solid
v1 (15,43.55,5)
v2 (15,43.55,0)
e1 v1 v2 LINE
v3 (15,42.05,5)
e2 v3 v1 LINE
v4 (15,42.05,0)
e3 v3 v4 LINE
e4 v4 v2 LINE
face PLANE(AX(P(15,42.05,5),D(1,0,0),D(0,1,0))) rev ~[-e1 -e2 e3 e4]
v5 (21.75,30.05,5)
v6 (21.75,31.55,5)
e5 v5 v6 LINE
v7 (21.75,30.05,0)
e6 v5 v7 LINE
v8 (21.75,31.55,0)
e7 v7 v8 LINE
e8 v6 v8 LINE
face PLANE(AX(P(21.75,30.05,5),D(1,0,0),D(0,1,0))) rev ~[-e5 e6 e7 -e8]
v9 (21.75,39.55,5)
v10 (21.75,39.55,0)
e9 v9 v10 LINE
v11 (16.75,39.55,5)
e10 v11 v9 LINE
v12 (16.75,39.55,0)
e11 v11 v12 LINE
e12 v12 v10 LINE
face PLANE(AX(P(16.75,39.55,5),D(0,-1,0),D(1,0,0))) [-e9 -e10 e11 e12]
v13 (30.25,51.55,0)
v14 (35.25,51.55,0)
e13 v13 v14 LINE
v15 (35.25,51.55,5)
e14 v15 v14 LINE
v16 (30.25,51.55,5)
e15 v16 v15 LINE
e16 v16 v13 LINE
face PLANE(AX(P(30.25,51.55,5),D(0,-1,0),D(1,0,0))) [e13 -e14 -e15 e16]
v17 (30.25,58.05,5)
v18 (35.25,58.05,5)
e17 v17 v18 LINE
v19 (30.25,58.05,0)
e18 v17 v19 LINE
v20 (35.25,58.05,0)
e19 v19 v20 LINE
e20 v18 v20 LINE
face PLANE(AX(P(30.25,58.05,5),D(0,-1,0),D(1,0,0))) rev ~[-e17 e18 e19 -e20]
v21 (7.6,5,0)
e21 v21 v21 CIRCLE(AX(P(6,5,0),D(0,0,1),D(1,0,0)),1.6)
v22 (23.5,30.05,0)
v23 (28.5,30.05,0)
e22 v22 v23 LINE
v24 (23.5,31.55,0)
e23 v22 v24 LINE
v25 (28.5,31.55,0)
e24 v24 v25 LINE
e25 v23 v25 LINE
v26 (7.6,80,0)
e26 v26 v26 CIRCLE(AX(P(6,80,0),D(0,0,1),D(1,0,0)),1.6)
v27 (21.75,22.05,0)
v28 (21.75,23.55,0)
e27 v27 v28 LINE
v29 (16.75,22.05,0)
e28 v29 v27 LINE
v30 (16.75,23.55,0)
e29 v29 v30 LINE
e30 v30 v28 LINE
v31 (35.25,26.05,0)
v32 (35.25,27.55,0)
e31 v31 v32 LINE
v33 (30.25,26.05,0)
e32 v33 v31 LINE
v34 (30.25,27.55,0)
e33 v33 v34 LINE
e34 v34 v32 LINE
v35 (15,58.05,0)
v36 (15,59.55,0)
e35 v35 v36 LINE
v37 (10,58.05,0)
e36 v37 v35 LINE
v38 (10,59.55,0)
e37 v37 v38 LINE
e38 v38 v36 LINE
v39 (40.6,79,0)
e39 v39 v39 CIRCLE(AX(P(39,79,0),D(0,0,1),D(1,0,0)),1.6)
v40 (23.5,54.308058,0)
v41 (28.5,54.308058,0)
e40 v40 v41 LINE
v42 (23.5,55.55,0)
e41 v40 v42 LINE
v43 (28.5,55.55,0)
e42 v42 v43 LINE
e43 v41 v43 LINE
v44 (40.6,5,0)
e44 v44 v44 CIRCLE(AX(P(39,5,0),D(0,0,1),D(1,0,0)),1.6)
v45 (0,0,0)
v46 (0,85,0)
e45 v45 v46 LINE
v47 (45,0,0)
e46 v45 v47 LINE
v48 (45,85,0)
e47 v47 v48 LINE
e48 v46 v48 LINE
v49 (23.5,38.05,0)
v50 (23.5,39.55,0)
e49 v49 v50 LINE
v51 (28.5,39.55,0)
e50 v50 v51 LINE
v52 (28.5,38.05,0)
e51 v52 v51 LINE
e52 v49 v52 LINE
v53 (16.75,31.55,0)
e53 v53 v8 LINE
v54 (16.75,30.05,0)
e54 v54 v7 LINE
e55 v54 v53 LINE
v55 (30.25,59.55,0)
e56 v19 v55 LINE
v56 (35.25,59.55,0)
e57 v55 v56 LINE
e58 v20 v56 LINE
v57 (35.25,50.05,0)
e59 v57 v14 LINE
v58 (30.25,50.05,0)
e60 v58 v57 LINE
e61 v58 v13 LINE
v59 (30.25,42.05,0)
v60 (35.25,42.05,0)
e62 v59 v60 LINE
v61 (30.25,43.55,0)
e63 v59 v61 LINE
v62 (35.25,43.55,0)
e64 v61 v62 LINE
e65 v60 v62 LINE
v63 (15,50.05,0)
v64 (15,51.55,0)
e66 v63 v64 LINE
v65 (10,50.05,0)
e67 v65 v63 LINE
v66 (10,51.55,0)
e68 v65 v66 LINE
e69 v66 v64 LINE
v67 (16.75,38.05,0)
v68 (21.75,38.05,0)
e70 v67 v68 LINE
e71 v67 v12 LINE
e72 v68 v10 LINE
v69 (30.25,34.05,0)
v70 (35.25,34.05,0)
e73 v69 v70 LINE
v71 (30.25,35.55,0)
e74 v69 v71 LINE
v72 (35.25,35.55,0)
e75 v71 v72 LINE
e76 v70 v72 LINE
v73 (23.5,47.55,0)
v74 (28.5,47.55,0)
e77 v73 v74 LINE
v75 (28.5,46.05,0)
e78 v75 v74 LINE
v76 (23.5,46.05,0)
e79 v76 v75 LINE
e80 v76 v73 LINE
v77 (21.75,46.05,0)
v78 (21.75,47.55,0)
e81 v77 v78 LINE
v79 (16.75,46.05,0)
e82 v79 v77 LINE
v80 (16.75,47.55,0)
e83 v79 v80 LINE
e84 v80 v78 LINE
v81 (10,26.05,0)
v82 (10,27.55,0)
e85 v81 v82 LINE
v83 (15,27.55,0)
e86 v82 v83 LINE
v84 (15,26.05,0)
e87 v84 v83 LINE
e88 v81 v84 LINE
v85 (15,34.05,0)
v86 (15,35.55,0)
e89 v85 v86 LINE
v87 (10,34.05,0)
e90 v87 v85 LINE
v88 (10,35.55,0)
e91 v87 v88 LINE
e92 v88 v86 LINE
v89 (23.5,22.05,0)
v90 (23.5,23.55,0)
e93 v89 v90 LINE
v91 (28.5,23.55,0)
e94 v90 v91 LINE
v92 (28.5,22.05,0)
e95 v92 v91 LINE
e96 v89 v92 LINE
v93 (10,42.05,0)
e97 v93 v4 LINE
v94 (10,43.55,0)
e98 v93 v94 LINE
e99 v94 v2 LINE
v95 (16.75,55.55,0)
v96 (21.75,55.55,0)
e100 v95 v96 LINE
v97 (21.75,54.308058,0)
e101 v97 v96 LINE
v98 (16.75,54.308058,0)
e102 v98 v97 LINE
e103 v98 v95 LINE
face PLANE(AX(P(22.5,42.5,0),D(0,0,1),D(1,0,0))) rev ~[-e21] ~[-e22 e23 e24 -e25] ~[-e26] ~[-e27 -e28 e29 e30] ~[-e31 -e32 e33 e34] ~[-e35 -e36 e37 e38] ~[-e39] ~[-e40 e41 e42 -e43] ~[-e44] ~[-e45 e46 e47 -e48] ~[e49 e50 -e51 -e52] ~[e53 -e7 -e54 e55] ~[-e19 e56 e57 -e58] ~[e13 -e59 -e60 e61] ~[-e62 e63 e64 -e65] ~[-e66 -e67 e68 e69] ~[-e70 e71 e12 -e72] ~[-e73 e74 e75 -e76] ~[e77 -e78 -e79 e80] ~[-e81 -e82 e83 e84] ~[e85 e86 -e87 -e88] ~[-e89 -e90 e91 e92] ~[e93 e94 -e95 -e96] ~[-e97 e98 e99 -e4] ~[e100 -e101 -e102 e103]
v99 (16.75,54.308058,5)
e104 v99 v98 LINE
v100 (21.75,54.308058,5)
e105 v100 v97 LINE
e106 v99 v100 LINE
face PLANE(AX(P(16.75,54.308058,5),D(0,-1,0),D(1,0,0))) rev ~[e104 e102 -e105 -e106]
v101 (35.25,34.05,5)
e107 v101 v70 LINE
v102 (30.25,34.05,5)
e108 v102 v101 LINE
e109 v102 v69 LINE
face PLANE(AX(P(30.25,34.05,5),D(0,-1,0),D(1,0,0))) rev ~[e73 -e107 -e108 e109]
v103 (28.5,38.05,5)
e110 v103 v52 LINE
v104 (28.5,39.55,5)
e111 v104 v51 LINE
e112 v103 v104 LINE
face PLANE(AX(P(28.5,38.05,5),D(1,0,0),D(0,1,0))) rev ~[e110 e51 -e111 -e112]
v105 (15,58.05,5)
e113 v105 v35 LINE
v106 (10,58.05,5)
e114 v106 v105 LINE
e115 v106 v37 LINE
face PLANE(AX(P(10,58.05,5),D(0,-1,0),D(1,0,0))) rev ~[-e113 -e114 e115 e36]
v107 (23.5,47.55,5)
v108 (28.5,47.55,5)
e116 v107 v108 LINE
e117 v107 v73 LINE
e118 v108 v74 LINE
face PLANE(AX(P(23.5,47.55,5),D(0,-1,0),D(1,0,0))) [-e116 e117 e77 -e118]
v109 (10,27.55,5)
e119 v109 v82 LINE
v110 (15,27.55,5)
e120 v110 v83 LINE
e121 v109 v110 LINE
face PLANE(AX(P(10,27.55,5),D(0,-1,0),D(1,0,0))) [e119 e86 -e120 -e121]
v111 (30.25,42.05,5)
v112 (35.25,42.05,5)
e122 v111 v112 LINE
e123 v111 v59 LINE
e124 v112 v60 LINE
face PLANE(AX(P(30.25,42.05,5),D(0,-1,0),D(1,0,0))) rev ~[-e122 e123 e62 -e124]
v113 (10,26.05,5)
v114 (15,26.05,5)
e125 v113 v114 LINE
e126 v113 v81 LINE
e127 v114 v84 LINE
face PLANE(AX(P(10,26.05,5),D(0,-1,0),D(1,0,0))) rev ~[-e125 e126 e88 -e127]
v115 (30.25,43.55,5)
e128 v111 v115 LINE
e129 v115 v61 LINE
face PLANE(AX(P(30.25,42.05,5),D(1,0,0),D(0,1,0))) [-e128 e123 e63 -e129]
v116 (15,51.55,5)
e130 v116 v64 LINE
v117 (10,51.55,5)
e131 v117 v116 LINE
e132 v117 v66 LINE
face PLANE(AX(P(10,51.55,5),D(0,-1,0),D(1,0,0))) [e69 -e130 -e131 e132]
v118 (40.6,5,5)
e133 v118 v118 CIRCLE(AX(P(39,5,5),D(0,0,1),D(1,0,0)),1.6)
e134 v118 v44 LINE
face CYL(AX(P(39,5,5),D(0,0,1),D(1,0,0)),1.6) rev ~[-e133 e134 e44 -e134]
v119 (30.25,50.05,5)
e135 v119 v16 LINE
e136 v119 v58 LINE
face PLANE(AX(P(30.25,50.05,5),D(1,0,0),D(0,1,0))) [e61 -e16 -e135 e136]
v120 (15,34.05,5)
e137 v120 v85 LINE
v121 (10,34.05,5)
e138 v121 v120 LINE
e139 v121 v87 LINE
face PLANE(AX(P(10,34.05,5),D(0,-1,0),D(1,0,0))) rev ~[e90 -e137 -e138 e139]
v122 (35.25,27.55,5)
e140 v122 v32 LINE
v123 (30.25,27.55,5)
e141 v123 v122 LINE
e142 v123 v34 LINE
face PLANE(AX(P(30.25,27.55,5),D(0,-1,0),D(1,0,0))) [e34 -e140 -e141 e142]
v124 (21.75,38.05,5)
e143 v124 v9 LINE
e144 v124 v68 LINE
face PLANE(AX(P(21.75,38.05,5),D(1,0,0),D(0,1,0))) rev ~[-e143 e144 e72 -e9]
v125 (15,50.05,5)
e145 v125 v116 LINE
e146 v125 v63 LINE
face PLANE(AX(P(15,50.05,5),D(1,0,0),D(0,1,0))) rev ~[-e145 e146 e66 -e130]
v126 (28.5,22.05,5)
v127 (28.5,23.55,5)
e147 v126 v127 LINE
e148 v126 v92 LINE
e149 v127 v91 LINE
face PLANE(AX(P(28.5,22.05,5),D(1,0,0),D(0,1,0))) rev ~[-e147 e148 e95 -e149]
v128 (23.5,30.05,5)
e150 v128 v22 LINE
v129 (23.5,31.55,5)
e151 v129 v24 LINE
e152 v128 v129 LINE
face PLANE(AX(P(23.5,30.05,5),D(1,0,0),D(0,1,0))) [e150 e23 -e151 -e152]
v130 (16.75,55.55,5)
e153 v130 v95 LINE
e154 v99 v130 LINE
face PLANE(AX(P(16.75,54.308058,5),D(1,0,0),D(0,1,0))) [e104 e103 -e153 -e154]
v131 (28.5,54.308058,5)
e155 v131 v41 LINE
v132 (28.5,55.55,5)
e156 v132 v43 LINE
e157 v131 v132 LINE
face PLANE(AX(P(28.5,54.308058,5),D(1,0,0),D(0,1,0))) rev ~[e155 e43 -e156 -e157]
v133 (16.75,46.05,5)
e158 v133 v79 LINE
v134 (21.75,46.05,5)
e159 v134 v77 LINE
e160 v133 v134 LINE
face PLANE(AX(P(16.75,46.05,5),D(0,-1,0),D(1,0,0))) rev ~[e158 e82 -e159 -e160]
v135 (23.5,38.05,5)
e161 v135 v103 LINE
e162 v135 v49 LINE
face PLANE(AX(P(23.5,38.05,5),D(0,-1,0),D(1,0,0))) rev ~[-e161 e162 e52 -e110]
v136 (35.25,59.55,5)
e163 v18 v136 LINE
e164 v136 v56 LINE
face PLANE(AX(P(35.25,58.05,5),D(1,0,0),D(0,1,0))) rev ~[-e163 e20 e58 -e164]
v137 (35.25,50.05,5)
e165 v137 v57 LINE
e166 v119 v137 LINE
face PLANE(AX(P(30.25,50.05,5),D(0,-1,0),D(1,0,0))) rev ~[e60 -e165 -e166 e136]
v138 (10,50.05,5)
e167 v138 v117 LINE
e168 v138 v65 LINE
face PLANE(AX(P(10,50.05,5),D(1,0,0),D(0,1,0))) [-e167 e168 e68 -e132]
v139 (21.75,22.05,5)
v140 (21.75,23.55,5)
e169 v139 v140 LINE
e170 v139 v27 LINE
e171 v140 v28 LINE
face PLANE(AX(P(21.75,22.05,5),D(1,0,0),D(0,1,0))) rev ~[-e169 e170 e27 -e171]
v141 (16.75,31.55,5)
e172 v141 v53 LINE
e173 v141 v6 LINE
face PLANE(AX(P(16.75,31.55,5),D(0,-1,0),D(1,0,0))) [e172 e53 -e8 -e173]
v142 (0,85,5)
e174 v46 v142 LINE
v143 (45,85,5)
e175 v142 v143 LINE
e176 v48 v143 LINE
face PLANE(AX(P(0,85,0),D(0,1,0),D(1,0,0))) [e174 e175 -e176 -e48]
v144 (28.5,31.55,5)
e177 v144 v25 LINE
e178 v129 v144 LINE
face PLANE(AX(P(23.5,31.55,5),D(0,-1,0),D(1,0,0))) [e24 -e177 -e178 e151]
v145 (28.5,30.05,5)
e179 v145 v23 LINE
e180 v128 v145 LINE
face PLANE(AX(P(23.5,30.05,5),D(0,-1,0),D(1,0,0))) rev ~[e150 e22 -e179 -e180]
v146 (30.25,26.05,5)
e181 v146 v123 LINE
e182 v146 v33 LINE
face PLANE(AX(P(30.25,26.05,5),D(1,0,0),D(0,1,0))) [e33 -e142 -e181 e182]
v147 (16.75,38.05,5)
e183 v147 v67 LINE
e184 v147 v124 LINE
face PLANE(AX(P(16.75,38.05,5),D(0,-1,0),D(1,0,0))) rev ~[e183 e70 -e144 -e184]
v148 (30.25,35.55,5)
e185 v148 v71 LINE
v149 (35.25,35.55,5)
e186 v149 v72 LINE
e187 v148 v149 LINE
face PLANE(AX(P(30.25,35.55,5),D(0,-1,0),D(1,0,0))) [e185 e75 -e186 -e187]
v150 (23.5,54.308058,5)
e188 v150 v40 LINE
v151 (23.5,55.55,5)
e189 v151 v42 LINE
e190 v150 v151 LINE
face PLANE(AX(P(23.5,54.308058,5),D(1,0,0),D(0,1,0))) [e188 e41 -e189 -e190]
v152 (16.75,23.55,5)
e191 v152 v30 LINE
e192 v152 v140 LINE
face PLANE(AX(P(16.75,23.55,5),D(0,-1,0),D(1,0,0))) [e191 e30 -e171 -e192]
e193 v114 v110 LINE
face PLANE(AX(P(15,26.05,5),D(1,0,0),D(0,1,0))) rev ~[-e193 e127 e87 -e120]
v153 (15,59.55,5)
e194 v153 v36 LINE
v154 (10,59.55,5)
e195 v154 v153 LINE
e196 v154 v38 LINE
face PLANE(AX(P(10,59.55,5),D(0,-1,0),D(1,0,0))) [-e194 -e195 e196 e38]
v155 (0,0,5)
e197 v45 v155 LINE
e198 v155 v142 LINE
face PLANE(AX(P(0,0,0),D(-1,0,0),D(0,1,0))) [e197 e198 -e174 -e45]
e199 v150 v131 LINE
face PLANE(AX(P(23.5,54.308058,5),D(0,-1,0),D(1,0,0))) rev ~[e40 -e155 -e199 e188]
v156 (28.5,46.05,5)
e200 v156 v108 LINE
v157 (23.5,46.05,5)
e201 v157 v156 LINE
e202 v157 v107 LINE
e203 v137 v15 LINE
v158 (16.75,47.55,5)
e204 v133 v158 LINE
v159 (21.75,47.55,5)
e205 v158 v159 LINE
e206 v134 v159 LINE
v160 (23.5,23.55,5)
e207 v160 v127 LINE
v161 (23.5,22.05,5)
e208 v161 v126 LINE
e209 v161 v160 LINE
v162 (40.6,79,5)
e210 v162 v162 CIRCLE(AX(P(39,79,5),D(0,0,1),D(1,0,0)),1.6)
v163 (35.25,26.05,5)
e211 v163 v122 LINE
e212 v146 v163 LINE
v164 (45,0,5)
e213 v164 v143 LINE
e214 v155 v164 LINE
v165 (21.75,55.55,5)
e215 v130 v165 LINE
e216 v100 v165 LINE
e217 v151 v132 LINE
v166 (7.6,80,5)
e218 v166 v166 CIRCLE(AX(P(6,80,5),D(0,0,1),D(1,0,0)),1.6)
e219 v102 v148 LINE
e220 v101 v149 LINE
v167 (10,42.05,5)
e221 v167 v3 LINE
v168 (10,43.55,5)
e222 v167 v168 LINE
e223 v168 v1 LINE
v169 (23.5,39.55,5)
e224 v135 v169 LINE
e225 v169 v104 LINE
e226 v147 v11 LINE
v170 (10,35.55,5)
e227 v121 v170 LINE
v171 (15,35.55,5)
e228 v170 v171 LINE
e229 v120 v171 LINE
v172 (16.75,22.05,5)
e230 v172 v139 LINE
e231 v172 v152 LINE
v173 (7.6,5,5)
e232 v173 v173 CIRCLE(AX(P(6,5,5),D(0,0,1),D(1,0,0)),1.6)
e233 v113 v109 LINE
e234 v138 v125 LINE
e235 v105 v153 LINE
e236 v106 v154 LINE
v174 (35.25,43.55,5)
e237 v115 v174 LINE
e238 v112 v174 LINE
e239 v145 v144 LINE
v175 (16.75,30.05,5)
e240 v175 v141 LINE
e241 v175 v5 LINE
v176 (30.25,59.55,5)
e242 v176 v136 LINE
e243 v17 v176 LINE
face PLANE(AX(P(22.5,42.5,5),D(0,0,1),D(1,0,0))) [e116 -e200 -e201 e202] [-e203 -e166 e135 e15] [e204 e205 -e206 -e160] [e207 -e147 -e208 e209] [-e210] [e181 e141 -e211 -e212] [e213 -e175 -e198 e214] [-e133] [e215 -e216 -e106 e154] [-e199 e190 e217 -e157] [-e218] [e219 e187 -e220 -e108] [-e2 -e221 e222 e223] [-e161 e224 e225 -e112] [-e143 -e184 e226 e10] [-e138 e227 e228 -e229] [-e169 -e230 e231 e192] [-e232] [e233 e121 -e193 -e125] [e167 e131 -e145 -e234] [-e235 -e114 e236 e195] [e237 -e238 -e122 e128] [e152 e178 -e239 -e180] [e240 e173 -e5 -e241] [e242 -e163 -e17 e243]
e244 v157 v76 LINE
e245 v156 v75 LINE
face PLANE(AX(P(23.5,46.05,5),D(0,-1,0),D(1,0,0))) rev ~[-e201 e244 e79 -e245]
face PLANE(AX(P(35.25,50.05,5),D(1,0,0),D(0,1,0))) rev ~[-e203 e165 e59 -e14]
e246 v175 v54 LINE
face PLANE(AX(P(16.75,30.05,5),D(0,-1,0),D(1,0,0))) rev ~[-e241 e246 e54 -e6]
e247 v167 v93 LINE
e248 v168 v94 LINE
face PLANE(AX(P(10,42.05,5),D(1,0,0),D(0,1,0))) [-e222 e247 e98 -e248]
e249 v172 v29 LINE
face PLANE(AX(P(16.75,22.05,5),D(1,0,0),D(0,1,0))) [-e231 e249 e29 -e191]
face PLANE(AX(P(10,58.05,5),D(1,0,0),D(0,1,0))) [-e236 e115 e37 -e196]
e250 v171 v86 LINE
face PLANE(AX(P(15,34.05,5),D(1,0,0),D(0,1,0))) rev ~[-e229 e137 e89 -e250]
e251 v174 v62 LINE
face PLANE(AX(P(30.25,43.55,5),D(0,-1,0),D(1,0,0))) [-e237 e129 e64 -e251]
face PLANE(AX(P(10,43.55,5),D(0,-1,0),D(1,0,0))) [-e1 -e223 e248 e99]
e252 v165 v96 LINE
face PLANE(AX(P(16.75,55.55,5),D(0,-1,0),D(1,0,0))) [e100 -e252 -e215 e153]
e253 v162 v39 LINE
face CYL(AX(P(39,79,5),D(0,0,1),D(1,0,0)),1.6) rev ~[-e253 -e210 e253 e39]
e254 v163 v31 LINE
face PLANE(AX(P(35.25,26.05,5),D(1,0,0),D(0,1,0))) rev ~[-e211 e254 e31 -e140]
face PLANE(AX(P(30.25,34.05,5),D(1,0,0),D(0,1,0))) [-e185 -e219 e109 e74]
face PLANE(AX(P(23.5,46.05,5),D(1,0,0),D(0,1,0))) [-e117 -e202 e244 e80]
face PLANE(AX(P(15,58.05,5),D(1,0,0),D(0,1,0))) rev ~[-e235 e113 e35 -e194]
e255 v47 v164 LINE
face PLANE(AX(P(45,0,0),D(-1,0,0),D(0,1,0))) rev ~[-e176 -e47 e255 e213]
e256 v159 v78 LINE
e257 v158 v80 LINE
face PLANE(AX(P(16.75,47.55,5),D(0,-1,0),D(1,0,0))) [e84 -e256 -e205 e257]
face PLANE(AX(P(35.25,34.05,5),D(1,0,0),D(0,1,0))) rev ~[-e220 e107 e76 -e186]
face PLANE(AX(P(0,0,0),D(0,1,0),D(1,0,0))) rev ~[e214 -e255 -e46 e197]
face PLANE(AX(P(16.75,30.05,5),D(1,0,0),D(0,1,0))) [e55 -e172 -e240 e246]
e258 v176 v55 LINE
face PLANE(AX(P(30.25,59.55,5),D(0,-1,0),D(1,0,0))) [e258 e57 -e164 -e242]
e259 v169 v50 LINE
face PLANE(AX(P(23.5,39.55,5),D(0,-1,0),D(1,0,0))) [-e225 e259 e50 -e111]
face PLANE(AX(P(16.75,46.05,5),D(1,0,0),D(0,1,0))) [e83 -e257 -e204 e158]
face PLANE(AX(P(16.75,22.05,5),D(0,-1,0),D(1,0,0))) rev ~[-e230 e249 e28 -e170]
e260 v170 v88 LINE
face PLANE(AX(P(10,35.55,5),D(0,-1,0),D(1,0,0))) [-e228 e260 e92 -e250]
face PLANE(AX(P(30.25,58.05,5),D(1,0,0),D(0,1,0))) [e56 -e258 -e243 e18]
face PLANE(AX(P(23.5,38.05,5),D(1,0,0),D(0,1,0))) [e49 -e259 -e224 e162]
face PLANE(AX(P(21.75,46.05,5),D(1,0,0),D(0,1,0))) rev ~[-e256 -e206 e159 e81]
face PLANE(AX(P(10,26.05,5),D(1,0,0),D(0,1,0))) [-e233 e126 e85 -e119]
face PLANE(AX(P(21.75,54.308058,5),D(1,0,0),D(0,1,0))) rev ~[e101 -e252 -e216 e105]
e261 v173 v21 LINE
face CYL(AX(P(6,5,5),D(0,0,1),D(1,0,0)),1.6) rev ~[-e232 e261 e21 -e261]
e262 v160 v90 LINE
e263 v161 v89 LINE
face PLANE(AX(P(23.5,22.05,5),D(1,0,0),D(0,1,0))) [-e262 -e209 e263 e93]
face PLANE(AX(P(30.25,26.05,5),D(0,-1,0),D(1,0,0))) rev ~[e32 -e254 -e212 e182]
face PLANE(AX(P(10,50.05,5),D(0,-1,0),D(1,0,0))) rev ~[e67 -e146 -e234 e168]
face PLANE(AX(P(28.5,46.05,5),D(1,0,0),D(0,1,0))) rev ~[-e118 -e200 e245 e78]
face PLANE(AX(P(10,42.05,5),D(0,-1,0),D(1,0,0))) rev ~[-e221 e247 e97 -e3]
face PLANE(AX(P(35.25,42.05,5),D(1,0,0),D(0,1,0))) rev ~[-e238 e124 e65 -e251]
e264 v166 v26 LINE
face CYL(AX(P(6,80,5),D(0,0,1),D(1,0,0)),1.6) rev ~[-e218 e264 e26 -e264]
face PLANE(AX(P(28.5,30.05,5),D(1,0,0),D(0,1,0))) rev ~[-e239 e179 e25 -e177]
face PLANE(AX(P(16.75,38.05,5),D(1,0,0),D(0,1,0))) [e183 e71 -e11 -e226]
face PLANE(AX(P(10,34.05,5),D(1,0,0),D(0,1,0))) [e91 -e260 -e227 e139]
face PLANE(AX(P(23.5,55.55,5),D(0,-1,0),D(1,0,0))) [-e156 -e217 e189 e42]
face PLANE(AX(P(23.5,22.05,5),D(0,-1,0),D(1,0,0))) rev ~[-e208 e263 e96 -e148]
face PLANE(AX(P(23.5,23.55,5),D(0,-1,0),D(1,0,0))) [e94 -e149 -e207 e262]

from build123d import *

# Parameters (mm, degrees)
SKIZZE1_W                       = 45
SKIZZE1_H                       = 85
AUFSATZ_LINEAR_AUSTRAGEN1_DEPTH = 5
SKIZZE3_W                       = 5
SKIZZE3_H                       = 1.5
SKIZZE3_H_2                     = 1.241942413
SCHNITT_LINEAR_AUSTRAGEN1_DEPTH = 5
SKIZZE4_R                       = 1.6
SCHNITT_LINEAR_AUSTRAGEN2_DEPTH = 5


with BuildPart() as part:
    # Skizze1 → Aufsatz-Linear austragen1 (new body)
    with BuildSketch(Plane.XY):
        with Locations((22.5, 42.5)):
            Rectangle(SKIZZE1_W, SKIZZE1_H)
    extrude(amount=AUFSATZ_LINEAR_AUSTRAGEN1_DEPTH)

    # Skizze3 → Schnitt-Linear austragen1 (cut)
    with BuildSketch(Plane.XY.offset(5)):
        with Locations((12.5, 58.8)):
            Rectangle(SKIZZE3_W, SKIZZE3_H)
        with Locations((32.75, 58.8)):
            Rectangle(SKIZZE3_W, SKIZZE3_H)
        with Locations((19.25, 46.8)):
            Rectangle(SKIZZE3_W, SKIZZE3_H)
        with Locations((12.5, 50.8)):
            Rectangle(SKIZZE3_W, SKIZZE3_H)
        with Locations((32.75, 50.8)):
            Rectangle(SKIZZE3_W, SKIZZE3_H)
        with Locations((12.5, 42.8)):
            Rectangle(SKIZZE3_W, SKIZZE3_H)
        with Locations((32.75, 42.8)):
            Rectangle(SKIZZE3_W, SKIZZE3_H)
        with Locations((12.5, 34.8)):
            Rectangle(SKIZZE3_W, SKIZZE3_H)
        with Locations((32.75, 34.8)):
            Rectangle(SKIZZE3_W, SKIZZE3_H)
        with Locations((32.75, 26.8)):
            Rectangle(SKIZZE3_W, SKIZZE3_H)
        with Locations((12.5, 26.8)):
            Rectangle(SKIZZE3_W, SKIZZE3_H)
        with Locations((19.25, 54.929028794)):
            Rectangle(SKIZZE3_W, SKIZZE3_H_2)
        with Locations((26, 54.929028794)):
            Rectangle(SKIZZE3_W, SKIZZE3_H_2)
        with Locations((26, 46.8)):
            Rectangle(SKIZZE3_W, SKIZZE3_H)
        with Locations((26, 38.8)):
            Rectangle(SKIZZE3_W, SKIZZE3_H)
        with Locations((19.25, 38.8)):
            Rectangle(SKIZZE3_W, SKIZZE3_H)
        with Locations((19.25, 30.8)):
            Rectangle(SKIZZE3_W, SKIZZE3_H)
        with Locations((26, 30.8)):
            Rectangle(SKIZZE3_W, SKIZZE3_H)
        with Locations((26, 22.8)):
            Rectangle(SKIZZE3_W, SKIZZE3_H)
        with Locations((19.25, 22.8)):
            Rectangle(SKIZZE3_W, SKIZZE3_H)
    extrude(amount=-SCHNITT_LINEAR_AUSTRAGEN1_DEPTH, mode=Mode.SUBTRACT)

    # Skizze4 → Schnitt-Linear austragen2 (cut)
    with BuildSketch(Plane.XY.offset(5)):
        with Locations((6, 80)):
            Circle(SKIZZE4_R)
        with Locations((39, 79)):
            Circle(SKIZZE4_R)
        with Locations((39, 5)):
            Circle(SKIZZE4_R)
        with Locations((6, 5)):
            Circle(SKIZZE4_R)
    extrude(amount=-SCHNITT_LINEAR_AUSTRAGEN2_DEPTH, mode=Mode.SUBTRACT)


solid = part.part
